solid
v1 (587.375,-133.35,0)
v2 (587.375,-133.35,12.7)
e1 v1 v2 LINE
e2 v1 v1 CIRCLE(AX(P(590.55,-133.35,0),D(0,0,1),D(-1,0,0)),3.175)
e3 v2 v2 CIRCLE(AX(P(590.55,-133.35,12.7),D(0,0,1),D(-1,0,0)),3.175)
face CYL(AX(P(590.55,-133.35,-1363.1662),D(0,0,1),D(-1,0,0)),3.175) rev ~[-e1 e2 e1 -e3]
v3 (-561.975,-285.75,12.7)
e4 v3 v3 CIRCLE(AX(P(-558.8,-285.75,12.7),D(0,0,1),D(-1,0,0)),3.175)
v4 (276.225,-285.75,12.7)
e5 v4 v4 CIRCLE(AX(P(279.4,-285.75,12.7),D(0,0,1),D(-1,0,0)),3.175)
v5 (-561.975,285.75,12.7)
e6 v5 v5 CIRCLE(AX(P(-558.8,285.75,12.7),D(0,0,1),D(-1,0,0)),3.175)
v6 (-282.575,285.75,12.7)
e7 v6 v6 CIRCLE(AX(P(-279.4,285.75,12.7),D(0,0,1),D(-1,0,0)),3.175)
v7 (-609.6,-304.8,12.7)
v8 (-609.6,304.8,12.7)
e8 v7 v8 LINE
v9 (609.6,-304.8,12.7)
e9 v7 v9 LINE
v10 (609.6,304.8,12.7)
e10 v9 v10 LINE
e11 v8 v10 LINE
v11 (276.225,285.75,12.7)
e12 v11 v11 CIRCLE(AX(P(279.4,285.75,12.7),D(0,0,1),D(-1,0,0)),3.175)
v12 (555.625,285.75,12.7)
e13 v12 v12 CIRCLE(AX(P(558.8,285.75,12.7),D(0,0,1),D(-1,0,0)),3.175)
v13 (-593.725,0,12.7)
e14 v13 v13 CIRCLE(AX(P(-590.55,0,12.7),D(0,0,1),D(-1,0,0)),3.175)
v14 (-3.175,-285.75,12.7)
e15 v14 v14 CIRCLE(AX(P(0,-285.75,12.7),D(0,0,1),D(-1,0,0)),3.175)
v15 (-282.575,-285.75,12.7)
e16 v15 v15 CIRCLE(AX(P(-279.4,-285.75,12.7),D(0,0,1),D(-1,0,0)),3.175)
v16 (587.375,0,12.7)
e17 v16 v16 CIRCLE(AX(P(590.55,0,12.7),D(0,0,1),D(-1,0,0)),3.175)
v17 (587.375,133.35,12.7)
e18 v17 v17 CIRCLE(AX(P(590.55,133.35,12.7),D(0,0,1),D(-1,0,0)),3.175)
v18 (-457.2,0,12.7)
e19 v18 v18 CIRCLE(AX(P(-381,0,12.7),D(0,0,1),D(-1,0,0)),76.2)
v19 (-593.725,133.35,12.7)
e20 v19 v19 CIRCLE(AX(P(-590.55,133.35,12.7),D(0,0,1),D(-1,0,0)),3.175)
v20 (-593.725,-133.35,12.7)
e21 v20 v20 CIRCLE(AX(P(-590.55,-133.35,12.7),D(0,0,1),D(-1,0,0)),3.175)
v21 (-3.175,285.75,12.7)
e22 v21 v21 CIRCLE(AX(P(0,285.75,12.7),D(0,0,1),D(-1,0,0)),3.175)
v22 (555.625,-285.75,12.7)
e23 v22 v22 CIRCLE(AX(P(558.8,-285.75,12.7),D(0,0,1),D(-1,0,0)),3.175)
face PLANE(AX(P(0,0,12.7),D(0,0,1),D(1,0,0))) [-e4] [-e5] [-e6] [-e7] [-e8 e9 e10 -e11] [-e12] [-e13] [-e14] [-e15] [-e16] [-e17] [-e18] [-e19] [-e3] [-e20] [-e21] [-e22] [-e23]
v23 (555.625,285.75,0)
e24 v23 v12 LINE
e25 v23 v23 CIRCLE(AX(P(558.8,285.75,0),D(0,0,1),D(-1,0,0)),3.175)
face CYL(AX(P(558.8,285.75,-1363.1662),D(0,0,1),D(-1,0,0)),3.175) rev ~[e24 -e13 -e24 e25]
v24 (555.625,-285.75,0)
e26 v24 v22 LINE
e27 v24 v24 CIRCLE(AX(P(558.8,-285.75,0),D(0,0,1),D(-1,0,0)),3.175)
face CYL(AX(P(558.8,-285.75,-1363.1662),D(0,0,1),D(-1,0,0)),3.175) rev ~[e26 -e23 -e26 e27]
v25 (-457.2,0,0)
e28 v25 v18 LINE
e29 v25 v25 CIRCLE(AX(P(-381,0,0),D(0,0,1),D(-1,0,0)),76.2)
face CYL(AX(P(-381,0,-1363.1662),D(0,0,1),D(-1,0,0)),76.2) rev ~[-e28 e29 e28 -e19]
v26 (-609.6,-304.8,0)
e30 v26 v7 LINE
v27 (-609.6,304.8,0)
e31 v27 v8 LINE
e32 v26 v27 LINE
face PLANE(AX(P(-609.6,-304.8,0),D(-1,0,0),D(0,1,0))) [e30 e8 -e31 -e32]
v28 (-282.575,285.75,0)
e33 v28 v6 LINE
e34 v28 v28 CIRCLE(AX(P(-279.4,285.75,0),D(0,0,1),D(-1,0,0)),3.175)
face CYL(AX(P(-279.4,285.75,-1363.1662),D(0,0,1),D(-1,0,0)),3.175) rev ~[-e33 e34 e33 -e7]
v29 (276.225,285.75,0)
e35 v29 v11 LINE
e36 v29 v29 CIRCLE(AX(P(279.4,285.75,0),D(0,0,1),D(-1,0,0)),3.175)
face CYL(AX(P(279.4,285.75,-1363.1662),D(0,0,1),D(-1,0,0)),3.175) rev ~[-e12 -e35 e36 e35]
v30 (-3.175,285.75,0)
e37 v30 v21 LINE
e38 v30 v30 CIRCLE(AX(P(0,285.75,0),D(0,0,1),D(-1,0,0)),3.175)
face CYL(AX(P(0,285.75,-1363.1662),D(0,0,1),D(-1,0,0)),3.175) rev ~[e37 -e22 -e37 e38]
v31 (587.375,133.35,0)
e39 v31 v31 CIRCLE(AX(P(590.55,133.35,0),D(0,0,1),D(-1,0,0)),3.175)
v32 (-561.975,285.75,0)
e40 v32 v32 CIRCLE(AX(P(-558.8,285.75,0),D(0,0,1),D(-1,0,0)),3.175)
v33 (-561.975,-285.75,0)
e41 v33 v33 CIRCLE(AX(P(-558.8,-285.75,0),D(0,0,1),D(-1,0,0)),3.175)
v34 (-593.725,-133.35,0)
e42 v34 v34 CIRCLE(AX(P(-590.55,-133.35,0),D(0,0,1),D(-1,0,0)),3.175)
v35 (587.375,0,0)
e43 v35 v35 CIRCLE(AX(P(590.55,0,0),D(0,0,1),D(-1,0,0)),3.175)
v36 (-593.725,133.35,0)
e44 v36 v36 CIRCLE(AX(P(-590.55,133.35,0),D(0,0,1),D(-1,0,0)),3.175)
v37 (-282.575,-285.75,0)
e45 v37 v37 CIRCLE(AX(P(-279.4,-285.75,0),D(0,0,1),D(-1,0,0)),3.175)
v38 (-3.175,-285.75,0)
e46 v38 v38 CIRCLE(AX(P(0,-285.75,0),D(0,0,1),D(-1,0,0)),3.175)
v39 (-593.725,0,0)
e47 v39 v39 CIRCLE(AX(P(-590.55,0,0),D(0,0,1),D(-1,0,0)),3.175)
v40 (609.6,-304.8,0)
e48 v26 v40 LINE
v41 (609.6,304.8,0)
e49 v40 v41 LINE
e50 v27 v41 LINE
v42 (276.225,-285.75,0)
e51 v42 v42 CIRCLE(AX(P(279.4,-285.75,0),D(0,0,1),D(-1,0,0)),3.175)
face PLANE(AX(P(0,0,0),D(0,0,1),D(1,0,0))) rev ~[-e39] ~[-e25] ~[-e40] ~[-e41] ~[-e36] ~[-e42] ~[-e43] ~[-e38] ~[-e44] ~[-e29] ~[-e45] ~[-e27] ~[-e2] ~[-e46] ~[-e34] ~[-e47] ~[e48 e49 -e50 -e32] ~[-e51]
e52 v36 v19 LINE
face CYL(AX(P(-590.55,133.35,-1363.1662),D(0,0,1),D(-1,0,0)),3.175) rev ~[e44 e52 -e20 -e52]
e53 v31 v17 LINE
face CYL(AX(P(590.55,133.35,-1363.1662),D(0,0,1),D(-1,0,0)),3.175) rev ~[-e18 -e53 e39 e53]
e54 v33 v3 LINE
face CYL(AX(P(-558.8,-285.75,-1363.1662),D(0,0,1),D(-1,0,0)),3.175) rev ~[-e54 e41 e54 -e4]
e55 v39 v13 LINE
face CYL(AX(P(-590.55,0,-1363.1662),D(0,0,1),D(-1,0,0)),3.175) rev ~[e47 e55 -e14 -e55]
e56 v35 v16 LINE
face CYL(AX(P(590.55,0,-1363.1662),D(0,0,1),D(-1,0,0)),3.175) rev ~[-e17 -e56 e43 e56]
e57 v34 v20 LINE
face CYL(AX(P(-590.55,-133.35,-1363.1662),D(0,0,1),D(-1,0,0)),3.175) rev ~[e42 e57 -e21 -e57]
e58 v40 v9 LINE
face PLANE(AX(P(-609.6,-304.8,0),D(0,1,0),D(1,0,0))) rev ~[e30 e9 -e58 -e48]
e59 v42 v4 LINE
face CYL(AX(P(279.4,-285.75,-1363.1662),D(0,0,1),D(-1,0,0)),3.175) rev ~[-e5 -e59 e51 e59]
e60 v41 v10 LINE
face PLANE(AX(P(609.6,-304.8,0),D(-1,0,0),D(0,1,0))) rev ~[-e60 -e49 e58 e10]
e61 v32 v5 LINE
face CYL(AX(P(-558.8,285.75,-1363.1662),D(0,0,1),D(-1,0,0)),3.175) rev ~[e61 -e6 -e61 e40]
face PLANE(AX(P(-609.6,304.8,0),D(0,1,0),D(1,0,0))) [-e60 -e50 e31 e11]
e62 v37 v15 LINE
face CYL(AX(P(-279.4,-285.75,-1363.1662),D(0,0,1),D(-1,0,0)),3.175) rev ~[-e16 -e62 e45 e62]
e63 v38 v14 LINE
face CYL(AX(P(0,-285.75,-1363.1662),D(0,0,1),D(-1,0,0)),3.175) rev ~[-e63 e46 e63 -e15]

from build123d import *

# Parameters (mm, degrees)
F0_W     = 1219.2
F0_H     = 609.6
F1_DEPTH = 12.7
F2_D     = 152.4
F3_D     = 6.35


with BuildPart() as f1:
    # F0 (on Top) → F1 (new body)
    with BuildSketch(Plane.XY):
        Rectangle(F0_W, F0_H)
    extrude(amount=F1_DEPTH)

    # F2 (through all)
    with Locations(Plane(origin=(0, 0, 0), x_dir=(1, 0, 0), z_dir=(0, 0, -1))):
        with Locations((-381, 0)):
            Hole(F2_D / 2)

    # F3 (through all)
    with Locations(Plane(origin=(0, 0, 0), x_dir=(1, 0, 0), z_dir=(0, 0, -1))):
        with Locations((-558.8, 285.75), (-279.4, 285.75), (0, 285.75), (279.4, 285.75), (558.8, 285.75), (558.8, -285.75), (279.4, -285.75), (0, -285.75), (-279.4, -285.75), (-558.8, -285.75), (-590.55, 133.35), (-590.55, 0), (-590.55, -133.35), (590.55, 133.35), (590.55, 0), (590.55, -133.35)):
            Hole(F3_D / 2)


solid = f1.part
